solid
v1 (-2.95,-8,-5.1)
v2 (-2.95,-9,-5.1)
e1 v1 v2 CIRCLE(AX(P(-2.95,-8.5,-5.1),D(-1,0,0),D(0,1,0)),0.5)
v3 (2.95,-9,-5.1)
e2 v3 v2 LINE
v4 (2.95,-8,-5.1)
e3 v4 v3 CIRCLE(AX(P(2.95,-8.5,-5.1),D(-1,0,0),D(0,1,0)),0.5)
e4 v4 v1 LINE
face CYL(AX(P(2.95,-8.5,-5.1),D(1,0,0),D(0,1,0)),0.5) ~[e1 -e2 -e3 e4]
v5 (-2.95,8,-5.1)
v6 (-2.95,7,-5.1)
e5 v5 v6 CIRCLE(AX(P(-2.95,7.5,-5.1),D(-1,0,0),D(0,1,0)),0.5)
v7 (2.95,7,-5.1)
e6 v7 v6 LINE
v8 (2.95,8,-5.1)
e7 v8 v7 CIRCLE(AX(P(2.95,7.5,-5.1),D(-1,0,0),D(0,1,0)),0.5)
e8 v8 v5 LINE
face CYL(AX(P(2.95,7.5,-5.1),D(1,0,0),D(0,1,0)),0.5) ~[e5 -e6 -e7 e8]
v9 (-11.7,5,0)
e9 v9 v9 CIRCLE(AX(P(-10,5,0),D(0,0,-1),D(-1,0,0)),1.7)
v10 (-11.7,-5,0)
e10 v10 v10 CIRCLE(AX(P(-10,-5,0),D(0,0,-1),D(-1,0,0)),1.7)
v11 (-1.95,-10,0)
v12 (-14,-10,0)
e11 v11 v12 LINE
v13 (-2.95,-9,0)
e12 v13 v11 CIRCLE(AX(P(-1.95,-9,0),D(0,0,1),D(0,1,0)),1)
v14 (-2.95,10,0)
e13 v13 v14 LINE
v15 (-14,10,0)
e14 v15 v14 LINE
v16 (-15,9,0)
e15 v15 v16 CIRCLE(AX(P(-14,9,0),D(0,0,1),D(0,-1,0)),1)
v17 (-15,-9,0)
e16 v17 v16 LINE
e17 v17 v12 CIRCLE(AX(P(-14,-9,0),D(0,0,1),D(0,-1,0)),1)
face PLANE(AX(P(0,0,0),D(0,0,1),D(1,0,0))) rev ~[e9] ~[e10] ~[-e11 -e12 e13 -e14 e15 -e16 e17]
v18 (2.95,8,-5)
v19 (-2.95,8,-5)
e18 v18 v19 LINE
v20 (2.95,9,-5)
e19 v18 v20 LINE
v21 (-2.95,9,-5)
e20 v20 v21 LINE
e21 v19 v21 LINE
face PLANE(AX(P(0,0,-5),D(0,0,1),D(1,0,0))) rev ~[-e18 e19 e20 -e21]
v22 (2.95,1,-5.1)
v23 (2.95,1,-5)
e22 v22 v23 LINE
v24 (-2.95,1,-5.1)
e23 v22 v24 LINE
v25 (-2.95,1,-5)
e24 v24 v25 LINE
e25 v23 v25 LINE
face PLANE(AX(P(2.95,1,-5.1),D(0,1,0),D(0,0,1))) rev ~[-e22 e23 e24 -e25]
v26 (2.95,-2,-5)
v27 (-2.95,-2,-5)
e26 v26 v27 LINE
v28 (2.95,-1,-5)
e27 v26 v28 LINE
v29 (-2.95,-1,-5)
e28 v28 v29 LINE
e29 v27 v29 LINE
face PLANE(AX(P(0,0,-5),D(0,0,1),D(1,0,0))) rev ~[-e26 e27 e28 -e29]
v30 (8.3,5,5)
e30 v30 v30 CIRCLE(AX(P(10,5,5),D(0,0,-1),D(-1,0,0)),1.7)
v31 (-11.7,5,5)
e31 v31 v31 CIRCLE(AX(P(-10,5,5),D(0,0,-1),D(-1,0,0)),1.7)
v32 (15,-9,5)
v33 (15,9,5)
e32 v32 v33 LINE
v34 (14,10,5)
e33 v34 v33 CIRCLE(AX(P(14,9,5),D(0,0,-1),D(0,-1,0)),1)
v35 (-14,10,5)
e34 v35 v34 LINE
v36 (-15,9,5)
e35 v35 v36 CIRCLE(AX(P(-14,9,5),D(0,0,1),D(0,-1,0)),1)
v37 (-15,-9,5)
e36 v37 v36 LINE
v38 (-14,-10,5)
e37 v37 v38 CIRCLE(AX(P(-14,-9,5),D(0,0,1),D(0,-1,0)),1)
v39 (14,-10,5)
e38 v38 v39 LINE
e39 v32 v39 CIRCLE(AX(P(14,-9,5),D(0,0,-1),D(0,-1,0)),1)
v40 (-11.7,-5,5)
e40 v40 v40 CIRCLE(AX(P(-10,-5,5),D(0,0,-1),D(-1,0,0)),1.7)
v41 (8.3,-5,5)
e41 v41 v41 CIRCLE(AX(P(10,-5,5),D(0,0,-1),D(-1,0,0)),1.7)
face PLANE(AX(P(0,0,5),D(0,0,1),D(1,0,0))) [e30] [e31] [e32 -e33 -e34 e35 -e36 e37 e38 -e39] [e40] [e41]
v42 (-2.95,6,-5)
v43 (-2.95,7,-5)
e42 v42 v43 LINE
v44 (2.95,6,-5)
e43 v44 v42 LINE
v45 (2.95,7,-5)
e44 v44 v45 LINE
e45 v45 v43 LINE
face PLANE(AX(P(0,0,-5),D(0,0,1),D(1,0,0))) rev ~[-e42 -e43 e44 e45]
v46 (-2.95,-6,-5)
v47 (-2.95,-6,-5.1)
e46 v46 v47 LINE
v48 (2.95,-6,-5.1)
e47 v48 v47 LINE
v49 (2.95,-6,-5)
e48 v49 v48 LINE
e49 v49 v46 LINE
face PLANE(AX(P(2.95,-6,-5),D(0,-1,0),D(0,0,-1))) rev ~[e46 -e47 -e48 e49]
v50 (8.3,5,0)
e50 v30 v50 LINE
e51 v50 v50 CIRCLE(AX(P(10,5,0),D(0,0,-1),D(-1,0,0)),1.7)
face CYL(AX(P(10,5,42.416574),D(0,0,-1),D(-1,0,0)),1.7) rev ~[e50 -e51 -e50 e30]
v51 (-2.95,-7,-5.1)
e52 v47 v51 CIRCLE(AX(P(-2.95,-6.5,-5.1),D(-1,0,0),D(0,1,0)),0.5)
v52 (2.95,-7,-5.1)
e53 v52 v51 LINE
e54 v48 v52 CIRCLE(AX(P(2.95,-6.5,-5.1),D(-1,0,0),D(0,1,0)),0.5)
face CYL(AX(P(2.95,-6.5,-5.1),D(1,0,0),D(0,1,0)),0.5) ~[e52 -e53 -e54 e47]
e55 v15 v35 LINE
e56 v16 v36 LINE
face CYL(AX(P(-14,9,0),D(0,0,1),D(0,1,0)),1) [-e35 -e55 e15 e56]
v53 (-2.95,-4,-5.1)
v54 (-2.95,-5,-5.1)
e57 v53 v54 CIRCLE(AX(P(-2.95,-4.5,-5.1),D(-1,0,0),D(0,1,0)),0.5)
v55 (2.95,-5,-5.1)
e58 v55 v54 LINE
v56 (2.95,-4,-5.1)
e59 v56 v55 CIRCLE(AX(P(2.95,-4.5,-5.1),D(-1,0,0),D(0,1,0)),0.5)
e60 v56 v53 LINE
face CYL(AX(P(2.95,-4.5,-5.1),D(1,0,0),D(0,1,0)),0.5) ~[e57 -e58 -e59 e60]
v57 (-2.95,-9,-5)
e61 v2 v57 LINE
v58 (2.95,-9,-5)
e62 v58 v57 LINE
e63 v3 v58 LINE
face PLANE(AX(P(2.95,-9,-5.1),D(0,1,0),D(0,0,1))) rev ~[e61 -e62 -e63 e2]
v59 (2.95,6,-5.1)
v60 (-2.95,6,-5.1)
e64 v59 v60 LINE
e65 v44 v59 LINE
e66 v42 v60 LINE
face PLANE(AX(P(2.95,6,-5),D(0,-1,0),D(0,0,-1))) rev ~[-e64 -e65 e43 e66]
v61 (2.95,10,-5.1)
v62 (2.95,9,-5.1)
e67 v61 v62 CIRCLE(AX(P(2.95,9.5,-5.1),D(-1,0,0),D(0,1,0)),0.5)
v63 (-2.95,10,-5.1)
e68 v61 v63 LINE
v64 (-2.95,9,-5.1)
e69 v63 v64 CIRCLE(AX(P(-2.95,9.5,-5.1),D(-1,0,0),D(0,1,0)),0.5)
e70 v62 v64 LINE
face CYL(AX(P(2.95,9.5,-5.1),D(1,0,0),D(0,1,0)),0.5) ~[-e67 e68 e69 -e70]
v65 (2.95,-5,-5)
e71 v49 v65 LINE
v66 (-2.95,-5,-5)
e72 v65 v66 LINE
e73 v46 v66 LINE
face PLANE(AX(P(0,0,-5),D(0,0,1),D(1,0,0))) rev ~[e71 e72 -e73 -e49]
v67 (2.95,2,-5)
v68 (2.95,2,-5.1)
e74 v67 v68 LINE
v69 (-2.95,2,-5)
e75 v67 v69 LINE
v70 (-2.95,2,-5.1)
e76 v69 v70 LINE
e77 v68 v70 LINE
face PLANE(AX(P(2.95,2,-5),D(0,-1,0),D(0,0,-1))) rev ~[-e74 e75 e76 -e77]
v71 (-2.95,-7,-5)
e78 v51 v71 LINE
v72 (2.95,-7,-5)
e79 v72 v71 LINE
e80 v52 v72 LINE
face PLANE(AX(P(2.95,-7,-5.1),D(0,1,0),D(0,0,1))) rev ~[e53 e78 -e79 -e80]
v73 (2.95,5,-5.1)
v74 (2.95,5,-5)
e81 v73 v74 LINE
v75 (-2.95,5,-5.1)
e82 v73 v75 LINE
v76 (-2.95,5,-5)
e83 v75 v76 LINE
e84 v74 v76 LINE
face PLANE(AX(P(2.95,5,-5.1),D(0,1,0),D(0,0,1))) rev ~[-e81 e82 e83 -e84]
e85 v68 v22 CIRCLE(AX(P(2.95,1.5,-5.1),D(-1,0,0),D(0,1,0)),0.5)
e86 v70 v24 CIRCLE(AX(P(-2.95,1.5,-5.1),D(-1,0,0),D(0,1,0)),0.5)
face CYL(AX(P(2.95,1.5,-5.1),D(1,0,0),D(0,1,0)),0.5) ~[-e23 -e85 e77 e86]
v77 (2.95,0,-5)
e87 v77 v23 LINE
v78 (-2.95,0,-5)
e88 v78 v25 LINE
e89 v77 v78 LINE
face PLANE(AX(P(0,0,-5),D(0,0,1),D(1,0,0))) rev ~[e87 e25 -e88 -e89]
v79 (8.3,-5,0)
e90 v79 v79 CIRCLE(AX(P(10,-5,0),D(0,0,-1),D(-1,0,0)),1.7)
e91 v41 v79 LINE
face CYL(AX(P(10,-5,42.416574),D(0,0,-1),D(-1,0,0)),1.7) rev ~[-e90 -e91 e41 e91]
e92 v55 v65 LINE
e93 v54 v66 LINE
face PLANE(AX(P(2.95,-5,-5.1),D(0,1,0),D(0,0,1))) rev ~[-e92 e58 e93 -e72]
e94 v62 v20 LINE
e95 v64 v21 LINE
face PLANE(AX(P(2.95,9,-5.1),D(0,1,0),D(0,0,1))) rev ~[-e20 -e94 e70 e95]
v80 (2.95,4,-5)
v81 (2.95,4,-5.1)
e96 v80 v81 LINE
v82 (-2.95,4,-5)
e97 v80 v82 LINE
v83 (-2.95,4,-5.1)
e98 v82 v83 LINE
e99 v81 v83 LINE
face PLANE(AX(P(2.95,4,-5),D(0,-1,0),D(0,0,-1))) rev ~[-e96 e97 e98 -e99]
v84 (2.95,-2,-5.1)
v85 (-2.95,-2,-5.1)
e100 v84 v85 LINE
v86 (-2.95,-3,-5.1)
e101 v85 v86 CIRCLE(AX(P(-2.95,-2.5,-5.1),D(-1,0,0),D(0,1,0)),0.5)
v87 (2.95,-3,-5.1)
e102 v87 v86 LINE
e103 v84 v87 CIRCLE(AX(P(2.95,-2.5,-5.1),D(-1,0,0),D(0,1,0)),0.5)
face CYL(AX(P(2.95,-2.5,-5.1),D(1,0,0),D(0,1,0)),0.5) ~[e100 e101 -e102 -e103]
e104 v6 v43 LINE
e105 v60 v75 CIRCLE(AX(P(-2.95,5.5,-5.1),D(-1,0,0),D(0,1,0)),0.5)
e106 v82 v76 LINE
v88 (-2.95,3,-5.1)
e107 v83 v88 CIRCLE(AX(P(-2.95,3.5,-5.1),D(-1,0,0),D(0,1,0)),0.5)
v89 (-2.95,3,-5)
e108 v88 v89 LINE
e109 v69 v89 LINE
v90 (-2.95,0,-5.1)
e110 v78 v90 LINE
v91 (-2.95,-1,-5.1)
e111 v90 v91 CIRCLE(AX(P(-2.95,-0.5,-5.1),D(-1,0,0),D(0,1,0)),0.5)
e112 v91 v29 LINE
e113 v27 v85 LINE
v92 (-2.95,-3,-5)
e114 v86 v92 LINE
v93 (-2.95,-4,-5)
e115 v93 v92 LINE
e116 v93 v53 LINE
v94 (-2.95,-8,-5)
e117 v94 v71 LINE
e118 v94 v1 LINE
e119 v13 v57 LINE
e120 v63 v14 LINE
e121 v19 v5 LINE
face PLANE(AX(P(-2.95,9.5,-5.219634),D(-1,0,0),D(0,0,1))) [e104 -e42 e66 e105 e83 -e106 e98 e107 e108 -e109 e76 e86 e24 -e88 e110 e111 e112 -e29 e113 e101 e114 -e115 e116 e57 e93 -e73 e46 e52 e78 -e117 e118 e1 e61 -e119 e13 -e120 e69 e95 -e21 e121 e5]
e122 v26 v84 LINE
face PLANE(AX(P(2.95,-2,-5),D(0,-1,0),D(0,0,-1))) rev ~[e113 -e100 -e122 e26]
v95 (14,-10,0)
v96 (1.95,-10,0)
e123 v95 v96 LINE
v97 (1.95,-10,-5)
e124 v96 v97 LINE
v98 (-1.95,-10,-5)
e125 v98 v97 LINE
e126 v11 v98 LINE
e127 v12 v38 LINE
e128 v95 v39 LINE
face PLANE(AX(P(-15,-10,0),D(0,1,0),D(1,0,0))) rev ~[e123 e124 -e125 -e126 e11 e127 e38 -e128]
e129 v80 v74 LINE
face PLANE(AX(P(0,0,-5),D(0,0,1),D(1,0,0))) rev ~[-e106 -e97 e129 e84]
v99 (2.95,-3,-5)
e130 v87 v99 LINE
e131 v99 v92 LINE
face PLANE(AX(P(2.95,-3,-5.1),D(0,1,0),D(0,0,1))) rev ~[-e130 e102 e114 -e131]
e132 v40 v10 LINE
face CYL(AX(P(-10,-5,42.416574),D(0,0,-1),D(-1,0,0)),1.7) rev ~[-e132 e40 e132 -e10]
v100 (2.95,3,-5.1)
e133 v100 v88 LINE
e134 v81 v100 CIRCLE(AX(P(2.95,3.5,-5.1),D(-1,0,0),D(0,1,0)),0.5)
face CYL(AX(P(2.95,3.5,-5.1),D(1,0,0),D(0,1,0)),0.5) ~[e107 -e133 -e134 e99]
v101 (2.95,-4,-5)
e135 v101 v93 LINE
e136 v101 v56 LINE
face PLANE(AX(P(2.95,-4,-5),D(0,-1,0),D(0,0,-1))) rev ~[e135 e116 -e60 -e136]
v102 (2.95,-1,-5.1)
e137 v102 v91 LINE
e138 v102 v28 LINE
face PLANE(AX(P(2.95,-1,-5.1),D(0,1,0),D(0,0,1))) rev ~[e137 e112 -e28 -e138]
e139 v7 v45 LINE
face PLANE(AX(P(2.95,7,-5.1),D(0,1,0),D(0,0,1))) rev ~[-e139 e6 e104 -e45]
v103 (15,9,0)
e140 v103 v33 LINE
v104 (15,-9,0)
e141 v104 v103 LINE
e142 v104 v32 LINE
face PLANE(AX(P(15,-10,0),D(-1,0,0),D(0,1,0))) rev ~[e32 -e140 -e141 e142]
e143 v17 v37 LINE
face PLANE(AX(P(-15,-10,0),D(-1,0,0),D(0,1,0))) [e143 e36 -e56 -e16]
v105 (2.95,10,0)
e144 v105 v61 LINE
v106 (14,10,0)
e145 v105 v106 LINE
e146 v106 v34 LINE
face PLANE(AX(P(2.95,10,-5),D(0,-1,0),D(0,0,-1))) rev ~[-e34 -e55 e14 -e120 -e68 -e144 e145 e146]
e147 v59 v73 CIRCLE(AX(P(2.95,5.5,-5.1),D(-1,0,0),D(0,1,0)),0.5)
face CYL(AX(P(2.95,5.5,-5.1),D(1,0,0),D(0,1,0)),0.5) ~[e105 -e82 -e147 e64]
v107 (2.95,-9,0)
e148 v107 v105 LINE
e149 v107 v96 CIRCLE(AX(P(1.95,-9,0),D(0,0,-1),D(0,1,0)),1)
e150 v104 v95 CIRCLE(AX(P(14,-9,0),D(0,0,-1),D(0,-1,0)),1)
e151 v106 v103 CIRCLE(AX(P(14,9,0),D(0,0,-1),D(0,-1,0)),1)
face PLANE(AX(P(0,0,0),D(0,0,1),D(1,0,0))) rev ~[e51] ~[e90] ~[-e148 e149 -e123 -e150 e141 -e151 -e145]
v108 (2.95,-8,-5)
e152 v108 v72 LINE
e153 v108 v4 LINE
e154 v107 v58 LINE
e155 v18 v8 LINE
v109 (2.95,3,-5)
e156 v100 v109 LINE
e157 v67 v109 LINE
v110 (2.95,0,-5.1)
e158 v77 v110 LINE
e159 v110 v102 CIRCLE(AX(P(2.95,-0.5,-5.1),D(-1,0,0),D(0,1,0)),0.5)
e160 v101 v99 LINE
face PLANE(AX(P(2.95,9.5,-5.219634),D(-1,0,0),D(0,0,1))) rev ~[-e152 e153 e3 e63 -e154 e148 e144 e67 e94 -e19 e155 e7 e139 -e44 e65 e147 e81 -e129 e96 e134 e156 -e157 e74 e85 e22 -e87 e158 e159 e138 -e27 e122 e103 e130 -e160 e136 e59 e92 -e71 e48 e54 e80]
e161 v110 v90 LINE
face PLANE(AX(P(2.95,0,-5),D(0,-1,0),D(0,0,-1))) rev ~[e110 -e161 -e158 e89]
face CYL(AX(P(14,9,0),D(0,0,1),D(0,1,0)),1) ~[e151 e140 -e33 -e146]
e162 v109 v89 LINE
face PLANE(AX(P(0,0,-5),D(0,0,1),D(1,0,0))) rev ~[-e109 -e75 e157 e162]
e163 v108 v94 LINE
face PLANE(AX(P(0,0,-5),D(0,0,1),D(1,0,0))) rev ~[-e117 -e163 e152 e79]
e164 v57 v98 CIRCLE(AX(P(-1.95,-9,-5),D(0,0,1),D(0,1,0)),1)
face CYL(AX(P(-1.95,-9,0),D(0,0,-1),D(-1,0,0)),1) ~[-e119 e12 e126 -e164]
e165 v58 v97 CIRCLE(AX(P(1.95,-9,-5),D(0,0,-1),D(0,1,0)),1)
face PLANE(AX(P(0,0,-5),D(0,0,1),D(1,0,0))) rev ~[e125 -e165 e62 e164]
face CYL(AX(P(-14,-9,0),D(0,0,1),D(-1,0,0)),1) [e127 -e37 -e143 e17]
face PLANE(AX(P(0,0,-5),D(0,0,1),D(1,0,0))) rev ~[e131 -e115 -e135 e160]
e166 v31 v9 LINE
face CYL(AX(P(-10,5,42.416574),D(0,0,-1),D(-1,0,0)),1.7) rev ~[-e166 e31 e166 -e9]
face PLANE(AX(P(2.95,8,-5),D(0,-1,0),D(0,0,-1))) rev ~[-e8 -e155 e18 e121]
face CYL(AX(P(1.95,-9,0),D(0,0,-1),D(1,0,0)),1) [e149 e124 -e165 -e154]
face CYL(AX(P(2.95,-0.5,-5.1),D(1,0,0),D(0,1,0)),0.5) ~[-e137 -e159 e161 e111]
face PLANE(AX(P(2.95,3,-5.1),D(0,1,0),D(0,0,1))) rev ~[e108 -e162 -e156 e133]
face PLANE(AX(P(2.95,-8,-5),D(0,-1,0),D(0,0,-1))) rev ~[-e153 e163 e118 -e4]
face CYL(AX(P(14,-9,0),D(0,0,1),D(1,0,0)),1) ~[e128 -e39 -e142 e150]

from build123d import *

# Parameters (mm, degrees)
OUTER_BLOCK_SKETCH_W               = 30
OUTER_BLOCK_SKETCH_H               = 20
MAIN_BLOCK_DEPTH                   = 5
BELT_TRAP_BLOCK_SKETCH_W           = 5.9
BELT_TRAP_BLOCK_SKETCH_H           = 20
BELT_TRAP_BLOCK_DEPTH              = 5
M3_CLEARANCE_HOLE1_D               = 3.4
BELT_TRAPPING_RIDGE_MASTER_DEPTH   = 5.9
BELT_TRAPPING_RIDGES_PATTERN_COUNT = 10
BELT_TRAPPING_RIDGES_PATTERN_PITCH = 2
PRINT_HELPER_FILLETS_R             = 1


with BuildPart() as part:
    # Outer Block Sketch → Main Block (new body)
    with BuildSketch(Plane.XY):
        Rectangle(OUTER_BLOCK_SKETCH_W, OUTER_BLOCK_SKETCH_H)
    extrude(amount=MAIN_BLOCK_DEPTH)

    # Belt Trap Block Sketch → Belt Trap Block (add)
    with BuildSketch(Plane.XY):
        Rectangle(BELT_TRAP_BLOCK_SKETCH_W, BELT_TRAP_BLOCK_SKETCH_H)
    extrude(amount=-BELT_TRAP_BLOCK_DEPTH)

    # M3 Clearance Hole1 (through all)
    with Locations(Plane.XY.offset(5)):
        with Locations((-10, 5), (10, 5), (-10, -5), (10, -5)):
            Hole(M3_CLEARANCE_HOLE1_D / 2)

    # Belt Trapping Ridges Sketch → Belt Trapping Ridge (Master) (add)
    with BuildSketch(Plane(origin=(2.95, 0, 0), x_dir=(0, 0, -1), z_dir=(1, 0, 0))):
        with BuildLine():
            Line((5, 10), (5.1, 10))
            ThreePointArc((5.1, 10), (5.6, 9.5), (5.1, 9))
            Line((5.1, 9), (5, 9))
            Line((5, 9), (5, 10))
        make_face()
    belt_trapping_ridge_master = extrude(amount=-BELT_TRAPPING_RIDGE_MASTER_DEPTH)

    # Belt Trapping Ridges Pattern: Belt Trapping Ridge (Master) ×10
    with Locations(*[(0, -i * BELT_TRAPPING_RIDGES_PATTERN_PITCH, 0) for i in range(1, BELT_TRAPPING_RIDGES_PATTERN_COUNT)]):
        add(belt_trapping_ridge_master)

    # Print Helper Fillets
    print_helper_fillets_edges = [part.edges().sort_by_distance(p)[0] for p in [
        (15, -10, 2.5),
        (15, 10, 2.5),
        (-15, -10, 2.5),
        (-15, 10, 2.5),
        (-2.95, -10, -2.5),
        (2.95, -10, -2.5),
    ]]
    fillet(print_helper_fillets_edges, radius=PRINT_HELPER_FILLETS_R)


solid = part.part
